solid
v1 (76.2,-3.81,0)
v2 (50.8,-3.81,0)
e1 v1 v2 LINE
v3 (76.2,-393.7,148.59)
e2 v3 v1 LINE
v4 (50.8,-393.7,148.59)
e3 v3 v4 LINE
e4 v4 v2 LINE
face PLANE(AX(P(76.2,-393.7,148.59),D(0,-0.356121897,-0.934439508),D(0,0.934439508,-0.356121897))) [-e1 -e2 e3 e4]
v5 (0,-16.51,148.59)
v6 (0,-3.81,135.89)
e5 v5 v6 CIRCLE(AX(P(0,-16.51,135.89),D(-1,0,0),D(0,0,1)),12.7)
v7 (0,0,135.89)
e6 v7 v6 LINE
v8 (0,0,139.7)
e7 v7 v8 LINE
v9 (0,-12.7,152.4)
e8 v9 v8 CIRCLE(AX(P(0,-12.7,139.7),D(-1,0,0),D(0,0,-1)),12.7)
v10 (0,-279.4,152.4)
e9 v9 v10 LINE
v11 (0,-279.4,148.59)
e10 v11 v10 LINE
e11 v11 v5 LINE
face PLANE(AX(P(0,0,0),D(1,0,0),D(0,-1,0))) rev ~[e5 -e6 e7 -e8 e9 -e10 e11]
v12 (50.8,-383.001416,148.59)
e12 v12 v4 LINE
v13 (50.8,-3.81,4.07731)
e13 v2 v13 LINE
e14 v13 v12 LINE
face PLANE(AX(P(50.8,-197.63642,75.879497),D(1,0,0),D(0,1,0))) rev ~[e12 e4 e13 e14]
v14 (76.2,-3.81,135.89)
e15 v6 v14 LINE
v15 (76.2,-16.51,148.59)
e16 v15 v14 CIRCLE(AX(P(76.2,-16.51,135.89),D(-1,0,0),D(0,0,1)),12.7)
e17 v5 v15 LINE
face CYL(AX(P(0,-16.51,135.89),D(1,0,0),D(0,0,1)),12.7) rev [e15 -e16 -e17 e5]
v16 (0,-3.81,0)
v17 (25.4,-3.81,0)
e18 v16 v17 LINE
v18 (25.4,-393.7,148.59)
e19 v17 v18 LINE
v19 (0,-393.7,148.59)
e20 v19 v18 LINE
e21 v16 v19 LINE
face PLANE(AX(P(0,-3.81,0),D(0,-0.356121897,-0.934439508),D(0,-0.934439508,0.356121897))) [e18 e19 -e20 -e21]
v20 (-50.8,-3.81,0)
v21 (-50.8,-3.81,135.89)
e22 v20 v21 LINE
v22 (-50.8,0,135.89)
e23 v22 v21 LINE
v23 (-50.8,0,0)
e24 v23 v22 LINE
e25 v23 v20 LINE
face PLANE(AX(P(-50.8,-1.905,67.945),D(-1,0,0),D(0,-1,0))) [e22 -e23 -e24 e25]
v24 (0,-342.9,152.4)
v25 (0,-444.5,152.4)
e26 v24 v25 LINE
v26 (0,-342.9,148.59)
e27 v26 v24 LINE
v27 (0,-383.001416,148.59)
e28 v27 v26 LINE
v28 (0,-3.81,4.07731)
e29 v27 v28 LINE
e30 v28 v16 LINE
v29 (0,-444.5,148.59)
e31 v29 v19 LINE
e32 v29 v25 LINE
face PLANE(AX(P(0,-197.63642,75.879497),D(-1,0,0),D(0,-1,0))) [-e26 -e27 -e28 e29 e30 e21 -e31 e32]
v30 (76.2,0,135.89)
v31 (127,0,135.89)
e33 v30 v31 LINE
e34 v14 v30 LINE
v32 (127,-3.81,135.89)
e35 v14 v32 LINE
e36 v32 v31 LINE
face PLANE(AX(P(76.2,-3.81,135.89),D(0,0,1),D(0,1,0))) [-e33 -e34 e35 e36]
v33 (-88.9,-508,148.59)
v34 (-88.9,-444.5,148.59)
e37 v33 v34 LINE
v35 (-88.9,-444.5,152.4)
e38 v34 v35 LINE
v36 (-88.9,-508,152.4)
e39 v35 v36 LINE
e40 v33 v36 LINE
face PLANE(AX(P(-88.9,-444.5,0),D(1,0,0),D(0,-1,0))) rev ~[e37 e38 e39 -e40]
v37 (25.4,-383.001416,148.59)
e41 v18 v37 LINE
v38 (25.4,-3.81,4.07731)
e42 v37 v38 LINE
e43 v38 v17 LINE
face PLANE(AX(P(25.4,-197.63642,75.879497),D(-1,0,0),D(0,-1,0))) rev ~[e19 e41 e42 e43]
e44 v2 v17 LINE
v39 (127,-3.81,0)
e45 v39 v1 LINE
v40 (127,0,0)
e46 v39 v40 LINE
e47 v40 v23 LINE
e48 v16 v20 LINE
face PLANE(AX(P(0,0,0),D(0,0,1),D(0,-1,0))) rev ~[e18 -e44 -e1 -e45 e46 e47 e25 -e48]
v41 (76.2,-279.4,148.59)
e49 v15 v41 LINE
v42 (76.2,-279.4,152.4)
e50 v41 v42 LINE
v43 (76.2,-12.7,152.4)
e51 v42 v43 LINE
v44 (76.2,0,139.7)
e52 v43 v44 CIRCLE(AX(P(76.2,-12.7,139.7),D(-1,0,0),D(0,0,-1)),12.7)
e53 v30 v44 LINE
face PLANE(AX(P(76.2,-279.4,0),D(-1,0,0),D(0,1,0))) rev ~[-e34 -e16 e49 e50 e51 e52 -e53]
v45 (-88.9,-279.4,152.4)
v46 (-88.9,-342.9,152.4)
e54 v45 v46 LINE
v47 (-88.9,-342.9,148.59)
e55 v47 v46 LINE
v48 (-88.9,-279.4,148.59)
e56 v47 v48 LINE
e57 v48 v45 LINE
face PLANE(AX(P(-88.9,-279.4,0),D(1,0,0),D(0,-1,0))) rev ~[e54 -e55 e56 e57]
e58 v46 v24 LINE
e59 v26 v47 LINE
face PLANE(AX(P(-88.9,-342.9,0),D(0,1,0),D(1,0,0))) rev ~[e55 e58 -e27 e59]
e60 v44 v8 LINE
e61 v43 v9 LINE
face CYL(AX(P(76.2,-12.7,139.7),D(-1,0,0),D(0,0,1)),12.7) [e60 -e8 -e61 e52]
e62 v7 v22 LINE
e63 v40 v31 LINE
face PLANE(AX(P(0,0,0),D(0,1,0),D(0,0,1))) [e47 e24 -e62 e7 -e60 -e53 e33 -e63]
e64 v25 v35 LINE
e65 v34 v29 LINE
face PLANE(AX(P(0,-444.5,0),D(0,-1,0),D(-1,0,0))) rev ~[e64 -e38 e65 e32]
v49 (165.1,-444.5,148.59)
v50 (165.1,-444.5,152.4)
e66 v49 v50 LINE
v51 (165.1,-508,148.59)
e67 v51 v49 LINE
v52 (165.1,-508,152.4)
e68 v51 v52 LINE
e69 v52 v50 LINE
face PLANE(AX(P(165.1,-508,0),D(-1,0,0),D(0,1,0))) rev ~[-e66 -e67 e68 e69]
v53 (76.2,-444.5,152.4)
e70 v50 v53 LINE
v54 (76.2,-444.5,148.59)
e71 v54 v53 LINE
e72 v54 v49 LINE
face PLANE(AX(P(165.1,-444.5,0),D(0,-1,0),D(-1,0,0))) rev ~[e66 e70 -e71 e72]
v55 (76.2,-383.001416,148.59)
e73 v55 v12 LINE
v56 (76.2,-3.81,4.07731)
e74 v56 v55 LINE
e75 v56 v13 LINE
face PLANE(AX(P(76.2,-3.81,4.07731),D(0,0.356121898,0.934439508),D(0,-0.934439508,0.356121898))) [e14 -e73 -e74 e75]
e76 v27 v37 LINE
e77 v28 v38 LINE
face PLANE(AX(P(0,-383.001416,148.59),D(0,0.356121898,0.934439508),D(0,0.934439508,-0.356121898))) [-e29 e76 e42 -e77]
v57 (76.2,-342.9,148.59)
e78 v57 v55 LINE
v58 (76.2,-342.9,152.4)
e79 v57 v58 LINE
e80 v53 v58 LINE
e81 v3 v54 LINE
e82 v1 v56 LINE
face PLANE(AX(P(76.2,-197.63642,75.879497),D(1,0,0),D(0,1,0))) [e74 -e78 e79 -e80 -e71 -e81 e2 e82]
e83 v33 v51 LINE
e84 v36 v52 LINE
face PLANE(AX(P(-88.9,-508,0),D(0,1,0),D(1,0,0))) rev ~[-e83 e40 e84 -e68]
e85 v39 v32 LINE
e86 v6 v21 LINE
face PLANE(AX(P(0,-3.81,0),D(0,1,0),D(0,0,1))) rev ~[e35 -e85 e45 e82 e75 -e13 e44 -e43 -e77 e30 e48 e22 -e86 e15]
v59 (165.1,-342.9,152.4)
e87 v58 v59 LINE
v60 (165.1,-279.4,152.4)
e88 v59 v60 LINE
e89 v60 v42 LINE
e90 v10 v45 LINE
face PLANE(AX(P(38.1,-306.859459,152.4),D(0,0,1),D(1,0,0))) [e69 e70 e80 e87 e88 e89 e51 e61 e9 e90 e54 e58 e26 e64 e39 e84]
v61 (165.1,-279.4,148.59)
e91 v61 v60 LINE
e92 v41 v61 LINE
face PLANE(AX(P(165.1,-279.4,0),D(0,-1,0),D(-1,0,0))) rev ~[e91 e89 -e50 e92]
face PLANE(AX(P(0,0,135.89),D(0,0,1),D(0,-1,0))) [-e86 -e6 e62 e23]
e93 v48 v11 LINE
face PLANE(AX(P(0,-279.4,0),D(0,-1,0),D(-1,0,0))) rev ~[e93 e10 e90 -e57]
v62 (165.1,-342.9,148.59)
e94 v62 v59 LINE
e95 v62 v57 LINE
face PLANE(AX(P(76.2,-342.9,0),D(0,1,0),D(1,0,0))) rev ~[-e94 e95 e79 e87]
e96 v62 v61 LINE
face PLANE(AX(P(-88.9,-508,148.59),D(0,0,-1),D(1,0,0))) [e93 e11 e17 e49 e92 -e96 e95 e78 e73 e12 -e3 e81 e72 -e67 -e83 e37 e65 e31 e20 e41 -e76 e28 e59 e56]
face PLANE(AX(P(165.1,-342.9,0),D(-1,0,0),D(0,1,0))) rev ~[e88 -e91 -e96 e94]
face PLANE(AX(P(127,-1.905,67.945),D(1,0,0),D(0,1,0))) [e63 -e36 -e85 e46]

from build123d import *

# Parameters (mm, degrees)
F1_DEPTH  = 152.4
F2_W      = 254
F2_H      = 148.59
F3_DEPTH  = 504.19
F4_R      = 12.7
F5_W      = 3.81
F5_H      = 135.89
F6_DEPTH  = 50.8
F7_W      = 3.81
F7_H      = 135.89
F8_DEPTH  = 50.8
F10_DEPTH = 25.4
F12_DEPTH = 25.4


with BuildPart() as f1:
    # F0 (on Top) → F1 (new body)
    with BuildSketch(Plane.XY):
        Polygon((-88.9, -508), (165.1, -508), (165.1, -444.5), (76.2, -444.5), (76.2, -342.9), (165.1, -342.9), (165.1, -279.4), (76.2, -279.4), (76.2, 0), (0, 0), (0, -279.4), (-88.9, -279.4), (-88.9, -342.9), (0, -342.9), (0, -444.5), (-88.9, -444.5), align=None)
    extrude(amount=F1_DEPTH)

    # F2 (on face) → F3 (cut)
    with BuildSketch(Plane.XZ.offset(508)):
        with Locations((38.1, 74.295)):
            Rectangle(F2_W, F2_H)
    extrude(amount=-F3_DEPTH, mode=Mode.SUBTRACT)

    # F4
    f4_edges = [f1.edges().sort_by_distance(p)[0] for p in [
        (38.1, 0, 152.4),
        (38.1, -3.81, 148.59),
    ]]
    fillet(f4_edges, radius=F4_R)

    # F5 (on face) → F6 (join)
    with BuildSketch(Plane.YZ.offset(76.2)):
        with Locations((-1.905, 67.945)):
            Rectangle(F5_W, F5_H)
    extrude(amount=F6_DEPTH)

    # F7 (on face) → F8 (join)
    with BuildSketch(Plane(origin=(0, 0, 0), x_dir=(0, -1, 0), z_dir=(-1, 0, 0))):
        with Locations((1.905, 67.945)):
            Rectangle(F7_W, F7_H)
    extrude(amount=F8_DEPTH)

    # F9 (on face) → F10 (join)
    with BuildSketch(Plane.YZ.offset(76.2)):
        Polygon((-393.7, 148.59), (-3.81, 0), (-3.81, 4.07731), (-383.001416, 148.59), align=None)
    extrude(amount=-F10_DEPTH)

    # F11 (on face) → F12 (join)
    with BuildSketch(Plane(origin=(0, 0, 0), x_dir=(0, -1, 0), z_dir=(-1, 0, 0))):
        Polygon((3.81, 0), (393.7, 148.59), (383.001416, 148.59), (3.81, 4.07731), align=None)
    extrude(amount=-F12_DEPTH)


solid = f1.part
